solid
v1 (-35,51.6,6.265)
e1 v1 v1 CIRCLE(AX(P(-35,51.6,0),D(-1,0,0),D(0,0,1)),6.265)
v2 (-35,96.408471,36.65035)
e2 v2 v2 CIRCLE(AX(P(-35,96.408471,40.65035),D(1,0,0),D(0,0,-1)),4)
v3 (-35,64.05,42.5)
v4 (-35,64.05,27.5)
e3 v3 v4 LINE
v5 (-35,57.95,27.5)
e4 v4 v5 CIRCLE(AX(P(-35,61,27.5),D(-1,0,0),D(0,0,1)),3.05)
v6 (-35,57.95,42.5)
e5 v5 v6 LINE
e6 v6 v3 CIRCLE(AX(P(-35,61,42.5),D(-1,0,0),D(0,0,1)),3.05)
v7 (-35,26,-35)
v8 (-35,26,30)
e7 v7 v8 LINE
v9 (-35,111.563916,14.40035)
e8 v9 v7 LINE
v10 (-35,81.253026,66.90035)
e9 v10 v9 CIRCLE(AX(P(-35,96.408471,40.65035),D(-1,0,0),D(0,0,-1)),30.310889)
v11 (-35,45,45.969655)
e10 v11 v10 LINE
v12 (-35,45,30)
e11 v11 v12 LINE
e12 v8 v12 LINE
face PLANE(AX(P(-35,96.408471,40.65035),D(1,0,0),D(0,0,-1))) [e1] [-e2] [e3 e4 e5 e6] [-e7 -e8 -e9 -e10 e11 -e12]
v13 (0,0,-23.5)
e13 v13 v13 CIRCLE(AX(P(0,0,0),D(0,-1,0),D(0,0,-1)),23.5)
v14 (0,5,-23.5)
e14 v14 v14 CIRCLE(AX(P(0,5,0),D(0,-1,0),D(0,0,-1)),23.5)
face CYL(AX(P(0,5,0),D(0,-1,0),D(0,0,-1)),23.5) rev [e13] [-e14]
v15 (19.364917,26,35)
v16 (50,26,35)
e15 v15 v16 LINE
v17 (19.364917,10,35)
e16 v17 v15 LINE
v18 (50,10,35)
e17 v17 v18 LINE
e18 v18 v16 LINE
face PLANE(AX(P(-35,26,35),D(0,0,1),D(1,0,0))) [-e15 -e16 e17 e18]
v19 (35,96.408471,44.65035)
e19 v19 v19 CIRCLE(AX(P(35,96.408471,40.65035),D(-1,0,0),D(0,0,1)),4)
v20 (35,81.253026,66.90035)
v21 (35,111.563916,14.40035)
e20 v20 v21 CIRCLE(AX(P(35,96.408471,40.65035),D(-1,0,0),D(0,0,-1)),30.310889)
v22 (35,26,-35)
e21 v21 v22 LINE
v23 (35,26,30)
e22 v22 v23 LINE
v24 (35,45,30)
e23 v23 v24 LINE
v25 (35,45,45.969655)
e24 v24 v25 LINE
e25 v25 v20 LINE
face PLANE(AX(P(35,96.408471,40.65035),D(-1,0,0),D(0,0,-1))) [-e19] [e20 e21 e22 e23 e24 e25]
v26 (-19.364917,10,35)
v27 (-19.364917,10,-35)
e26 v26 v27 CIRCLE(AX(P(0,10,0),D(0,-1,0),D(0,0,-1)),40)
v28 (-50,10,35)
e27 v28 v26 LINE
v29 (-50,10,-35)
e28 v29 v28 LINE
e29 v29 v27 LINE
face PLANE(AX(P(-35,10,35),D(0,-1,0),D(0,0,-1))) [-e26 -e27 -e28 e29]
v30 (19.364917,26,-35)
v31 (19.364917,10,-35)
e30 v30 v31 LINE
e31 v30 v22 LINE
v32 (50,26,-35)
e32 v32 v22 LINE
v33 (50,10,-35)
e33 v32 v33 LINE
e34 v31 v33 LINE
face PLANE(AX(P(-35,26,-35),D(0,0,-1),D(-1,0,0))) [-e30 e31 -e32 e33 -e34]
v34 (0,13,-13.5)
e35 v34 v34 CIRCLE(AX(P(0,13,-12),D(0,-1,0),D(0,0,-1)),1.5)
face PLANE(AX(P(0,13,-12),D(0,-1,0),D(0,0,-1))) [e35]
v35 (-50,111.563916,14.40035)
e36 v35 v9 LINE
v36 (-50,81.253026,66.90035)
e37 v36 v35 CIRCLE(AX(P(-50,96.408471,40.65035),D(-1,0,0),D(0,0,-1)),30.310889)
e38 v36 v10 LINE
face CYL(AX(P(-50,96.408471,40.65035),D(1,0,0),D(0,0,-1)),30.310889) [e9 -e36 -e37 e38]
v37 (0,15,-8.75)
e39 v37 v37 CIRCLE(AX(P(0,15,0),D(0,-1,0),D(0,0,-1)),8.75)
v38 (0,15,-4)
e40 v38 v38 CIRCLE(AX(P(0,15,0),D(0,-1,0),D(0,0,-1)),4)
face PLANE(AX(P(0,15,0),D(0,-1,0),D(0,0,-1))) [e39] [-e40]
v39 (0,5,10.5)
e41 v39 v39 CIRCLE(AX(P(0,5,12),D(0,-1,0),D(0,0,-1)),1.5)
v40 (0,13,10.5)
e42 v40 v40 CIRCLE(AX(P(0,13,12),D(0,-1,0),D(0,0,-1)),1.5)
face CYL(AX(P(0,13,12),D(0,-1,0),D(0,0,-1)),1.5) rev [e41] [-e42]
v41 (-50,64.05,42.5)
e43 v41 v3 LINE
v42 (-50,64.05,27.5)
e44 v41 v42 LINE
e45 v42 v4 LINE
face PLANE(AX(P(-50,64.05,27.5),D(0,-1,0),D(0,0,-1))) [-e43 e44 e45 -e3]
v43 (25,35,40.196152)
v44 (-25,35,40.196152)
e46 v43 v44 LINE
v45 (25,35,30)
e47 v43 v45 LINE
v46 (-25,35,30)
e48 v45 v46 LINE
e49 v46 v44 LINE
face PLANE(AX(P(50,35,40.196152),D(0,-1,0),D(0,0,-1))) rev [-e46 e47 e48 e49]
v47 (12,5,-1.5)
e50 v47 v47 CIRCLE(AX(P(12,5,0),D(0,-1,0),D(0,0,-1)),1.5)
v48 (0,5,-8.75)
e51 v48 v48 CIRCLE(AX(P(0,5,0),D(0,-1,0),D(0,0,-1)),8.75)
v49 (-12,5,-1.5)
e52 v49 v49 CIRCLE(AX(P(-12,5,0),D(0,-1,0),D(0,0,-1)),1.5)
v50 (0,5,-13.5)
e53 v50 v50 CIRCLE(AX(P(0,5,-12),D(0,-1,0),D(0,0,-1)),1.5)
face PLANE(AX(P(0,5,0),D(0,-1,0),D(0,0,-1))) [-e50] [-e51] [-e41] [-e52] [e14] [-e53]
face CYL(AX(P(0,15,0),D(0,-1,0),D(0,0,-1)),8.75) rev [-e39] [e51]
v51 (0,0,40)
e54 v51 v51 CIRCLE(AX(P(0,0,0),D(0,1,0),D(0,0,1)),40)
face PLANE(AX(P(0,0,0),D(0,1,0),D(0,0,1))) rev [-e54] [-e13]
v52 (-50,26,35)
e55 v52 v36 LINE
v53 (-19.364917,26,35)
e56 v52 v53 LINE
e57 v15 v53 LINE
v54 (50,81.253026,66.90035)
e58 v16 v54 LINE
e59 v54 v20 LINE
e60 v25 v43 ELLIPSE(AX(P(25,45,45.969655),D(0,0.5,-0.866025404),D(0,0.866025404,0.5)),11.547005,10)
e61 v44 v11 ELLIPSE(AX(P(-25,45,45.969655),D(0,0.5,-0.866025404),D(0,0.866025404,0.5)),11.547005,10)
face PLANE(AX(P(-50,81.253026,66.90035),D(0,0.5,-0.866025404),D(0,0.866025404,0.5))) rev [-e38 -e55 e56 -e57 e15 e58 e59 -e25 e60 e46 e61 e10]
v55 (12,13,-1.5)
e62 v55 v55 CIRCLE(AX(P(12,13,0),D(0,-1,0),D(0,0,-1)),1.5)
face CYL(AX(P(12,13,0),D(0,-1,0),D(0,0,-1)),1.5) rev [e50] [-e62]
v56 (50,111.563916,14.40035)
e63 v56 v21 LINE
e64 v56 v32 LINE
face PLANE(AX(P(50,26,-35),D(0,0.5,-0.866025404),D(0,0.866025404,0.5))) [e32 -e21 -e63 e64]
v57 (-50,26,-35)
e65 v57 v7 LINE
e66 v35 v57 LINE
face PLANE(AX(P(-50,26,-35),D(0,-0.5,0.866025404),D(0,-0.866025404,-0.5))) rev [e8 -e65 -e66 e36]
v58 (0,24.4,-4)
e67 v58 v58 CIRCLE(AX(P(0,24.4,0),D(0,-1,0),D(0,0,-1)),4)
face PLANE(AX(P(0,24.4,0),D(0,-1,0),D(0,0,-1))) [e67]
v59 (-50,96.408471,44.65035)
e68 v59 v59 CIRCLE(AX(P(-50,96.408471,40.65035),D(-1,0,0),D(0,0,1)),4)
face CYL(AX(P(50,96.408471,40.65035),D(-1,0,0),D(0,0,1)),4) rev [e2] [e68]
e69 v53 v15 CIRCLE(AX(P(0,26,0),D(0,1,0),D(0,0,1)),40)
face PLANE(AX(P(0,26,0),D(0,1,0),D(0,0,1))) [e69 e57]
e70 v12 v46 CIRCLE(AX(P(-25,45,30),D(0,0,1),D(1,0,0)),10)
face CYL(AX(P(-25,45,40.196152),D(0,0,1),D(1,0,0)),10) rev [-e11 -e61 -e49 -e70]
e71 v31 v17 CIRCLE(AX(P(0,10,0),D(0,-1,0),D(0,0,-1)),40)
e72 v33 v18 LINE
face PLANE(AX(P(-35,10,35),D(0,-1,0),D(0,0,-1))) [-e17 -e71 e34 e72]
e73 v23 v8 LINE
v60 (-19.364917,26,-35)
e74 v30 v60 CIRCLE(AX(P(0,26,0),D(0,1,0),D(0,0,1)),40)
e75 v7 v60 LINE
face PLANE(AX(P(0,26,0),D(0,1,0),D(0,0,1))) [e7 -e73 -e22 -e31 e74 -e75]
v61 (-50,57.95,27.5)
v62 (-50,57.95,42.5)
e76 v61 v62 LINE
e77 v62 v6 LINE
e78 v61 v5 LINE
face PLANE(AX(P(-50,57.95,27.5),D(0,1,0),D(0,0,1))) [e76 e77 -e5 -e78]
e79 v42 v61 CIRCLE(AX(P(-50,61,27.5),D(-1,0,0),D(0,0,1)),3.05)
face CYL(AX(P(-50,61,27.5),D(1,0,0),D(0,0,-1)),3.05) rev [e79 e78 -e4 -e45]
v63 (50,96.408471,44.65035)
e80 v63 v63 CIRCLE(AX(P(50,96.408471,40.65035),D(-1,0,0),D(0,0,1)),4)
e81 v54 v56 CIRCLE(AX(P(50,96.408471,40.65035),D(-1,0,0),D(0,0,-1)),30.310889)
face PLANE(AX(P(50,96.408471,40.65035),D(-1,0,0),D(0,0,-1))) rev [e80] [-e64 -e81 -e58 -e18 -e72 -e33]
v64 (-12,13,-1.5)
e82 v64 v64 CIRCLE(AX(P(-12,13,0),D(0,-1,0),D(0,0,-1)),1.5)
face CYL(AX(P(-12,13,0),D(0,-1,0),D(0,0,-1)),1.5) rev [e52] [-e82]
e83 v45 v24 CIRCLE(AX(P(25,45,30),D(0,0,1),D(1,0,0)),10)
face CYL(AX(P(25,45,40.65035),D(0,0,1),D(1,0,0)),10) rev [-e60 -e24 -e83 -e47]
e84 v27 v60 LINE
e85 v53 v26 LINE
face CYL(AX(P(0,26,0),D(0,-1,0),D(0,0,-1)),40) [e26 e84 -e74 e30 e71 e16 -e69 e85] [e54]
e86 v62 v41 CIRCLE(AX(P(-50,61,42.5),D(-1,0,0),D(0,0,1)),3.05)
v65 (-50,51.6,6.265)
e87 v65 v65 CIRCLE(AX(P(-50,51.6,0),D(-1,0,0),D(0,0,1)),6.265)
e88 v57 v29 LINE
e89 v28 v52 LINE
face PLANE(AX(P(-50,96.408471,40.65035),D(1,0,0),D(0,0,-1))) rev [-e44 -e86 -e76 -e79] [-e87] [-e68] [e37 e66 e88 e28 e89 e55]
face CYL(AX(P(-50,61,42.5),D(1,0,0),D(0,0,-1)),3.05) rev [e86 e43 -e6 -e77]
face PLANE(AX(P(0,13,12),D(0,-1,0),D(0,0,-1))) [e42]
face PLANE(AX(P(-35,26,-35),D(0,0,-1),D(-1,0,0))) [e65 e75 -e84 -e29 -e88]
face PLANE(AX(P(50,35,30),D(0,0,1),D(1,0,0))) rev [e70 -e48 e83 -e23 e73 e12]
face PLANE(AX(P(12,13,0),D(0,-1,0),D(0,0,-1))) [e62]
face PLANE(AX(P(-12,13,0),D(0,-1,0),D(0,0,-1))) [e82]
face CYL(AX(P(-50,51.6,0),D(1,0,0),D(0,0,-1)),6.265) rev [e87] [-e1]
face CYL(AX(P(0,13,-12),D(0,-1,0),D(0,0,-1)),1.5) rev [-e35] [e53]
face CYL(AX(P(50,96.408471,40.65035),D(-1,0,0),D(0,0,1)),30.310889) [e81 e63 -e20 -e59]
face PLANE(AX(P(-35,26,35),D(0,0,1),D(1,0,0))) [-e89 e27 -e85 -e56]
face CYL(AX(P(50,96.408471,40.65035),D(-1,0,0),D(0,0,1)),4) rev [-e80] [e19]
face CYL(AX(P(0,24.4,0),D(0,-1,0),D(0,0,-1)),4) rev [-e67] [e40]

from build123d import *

# Parameters (mm, degrees)
SKETCH1_R                = 40
BOSS_EXTRUDE2_DEPTH      = 26
SKETCH3_R                = 23.5
CUT_EXTRUDE1_DEPTH       = 5
BOSS_EXTRUDE4_DEPTH      = 35
BOSS_EXTRUDE4_DEPTH_BACK = 35
SKETCH7_W                = 70
SKETCH7_H                = 16
SKETCH5_R                = 8.75
CUT_EXTRUDE9_DEPTH       = 10
SKETCH10_R               = 4
CUT_EXTRUDE10_DEPTH      = 9.4
SKETCH16_R               = 6.265
BOSS_EXTRUDE5_DEPTH      = 15
SKETCH18_R               = 4
CUT_EXTRUDE12_DEPTH      = 177.33290572
BOSS_EXTRUDE9_REACH      = 170.28
FILLET4_R                = 10
FILLET5_R                = 10
SKETCH4_R                = 1.5
CUT_EXTRUDE15_DEPTH      = 8
SKETCH25_R               = 6.265
BOSS_EXTRUDE10_DEPTH     = 15
BOSS_EXTRUDE11_DEPTH     = 15


with BuildPart() as part:
    # Sketch1 → Boss-Extrude2 (new body)
    with BuildSketch(Plane(origin=(0, 0, 0), x_dir=(1, 0, 0), z_dir=(0, 1, 0))):
        Circle(SKETCH1_R)
    extrude(amount=BOSS_EXTRUDE2_DEPTH)

    # Sketch3 → Cut-Extrude1 (cut)
    with BuildSketch(Plane.XZ):
        Circle(SKETCH3_R)
    extrude(amount=-CUT_EXTRUDE1_DEPTH, mode=Mode.SUBTRACT)

    # Sketch7 → Boss-Extrude4 (add, two sides: drawn at the far end of the back side and taken through both)
    with BuildSketch(Plane(origin=(0, 0, 0), x_dir=(0, 0, -1), z_dir=(1, 0, 0)).offset(-BOSS_EXTRUDE4_DEPTH_BACK)):
        with Locations((0, 18)):
            Rectangle(SKETCH7_W, SKETCH7_H)
    extrude(amount=BOSS_EXTRUDE4_DEPTH + BOSS_EXTRUDE4_DEPTH_BACK)

    # Sketch5 → Cut-Extrude9 (cut)
    with BuildSketch(Plane.XZ.offset(-5)):
        Circle(SKETCH5_R)
    extrude(amount=-CUT_EXTRUDE9_DEPTH, mode=Mode.SUBTRACT)

    # Sketch10 → Cut-Extrude10 (cut)
    with BuildSketch(Plane.XZ.offset(-15)):
        Circle(SKETCH10_R)
    extrude(amount=-CUT_EXTRUDE10_DEPTH, mode=Mode.SUBTRACT)

    # Sketch16 → Boss-Extrude5 (add)
    with BuildSketch(Plane.ZY.offset(35)):
        with BuildLine():
            Line((-35, 10), (-35, 26))
            Line((-35, 26), (14.400349673, 111.563915545))
            ThreePointArc((14.400349673, 111.563915545), (55.805794239, 122.658470979), (66.900349673, 81.253026413))
            Line((66.900349673, 81.253026413), (35, 26))
            Line((35, 26), (35, 10))
            Line((35, 10), (-35, 10))
        make_face()
        with Locations((0, 51.6)):
            Circle(SKETCH16_R, mode=Mode.SUBTRACT)
        with BuildLine():
            Line((27.5, 64.05), (42.5, 64.05))
            ThreePointArc((42.5, 64.05), (45.55, 61), (42.5, 57.95))
            Line((42.5, 57.95), (27.5, 57.95))
            ThreePointArc((27.5, 57.95), (24.45, 61), (27.5, 64.05))
        make_face(mode=Mode.SUBTRACT)
    boss_extrude5 = extrude(amount=BOSS_EXTRUDE5_DEPTH)

    # Mirror1: Boss-Extrude5 across plane
    add(boss_extrude5.mirror(Plane(origin=(0, 0, 0), x_dir=(0, 0, 1), z_dir=(1, 0, 0))))

    # Sketch18 → Cut-Extrude12 (cut, through all)
    with BuildSketch(Plane.ZY.offset(50)):
        with Locations((40.650349673, 96.408470979)):
            Circle(SKETCH18_R)
    extrude(amount=-CUT_EXTRUDE12_DEPTH, mode=Mode.SUBTRACT)

    # Sketch24 → Boss-Extrude9 (add, up to next)
    with BuildSketch(Plane(origin=(-35, 0, 0), x_dir=(0, 0, -1), z_dir=(1, 0, 0)), mode=Mode.PRIVATE) as boss_extrude9_sk1:
        Polygon((-40.196152423, 35), (-30, 35), (-30, 26), (-35, 26), align=None)
    boss_extrude9_tool1 = extrude(boss_extrude9_sk1.sketch, amount=BOSS_EXTRUDE9_REACH, mode=Mode.PRIVATE) - part.part
    add(boss_extrude9_tool1.solids().sort_by_distance((-35, 31.012908, 33.947102))[0])

    # Fillet4
    fillet4_edges = [part.edges().sort_by_distance(p)[0] for p in [
        (-35, 35, 35.098076211),
    ]]
    fillet(fillet4_edges, radius=FILLET4_R)

    # Fillet5
    fillet5_edges = [part.edges().sort_by_distance(p)[0] for p in [
        (35, 35, 35.098076211),
    ]]
    fillet(fillet5_edges, radius=FILLET5_R)

    # Sketch4 → Cut-Extrude15 (cut)
    with BuildSketch(Plane.XZ.offset(-5)):
        with Locations((12, 0)):
            Circle(SKETCH4_R)
        with Locations((0, -12)):
            Circle(SKETCH4_R)
        with Locations((-12, 0)):
            Circle(SKETCH4_R)
        with Locations((0, 12)):
            Circle(SKETCH4_R)
    extrude(amount=-CUT_EXTRUDE15_DEPTH, mode=Mode.SUBTRACT)

    # Sketch25 → Boss-Extrude10 (add)
    with BuildSketch(Plane.ZY.offset(-35)):
        with Locations((0, 51.6)):
            Circle(SKETCH25_R)
    extrude(amount=-BOSS_EXTRUDE10_DEPTH)

    # Sketch26 → Boss-Extrude11 (add)
    with BuildSketch(Plane.ZY.offset(-35)):
        with BuildLine():
            Line((27.5, 64.05), (42.5, 64.05))
            ThreePointArc((42.5, 64.05), (45.55, 61), (42.5, 57.95))
            Line((42.5, 57.95), (27.5, 57.95))
            ThreePointArc((27.5, 57.95), (24.45, 61), (27.5, 64.05))
        make_face()
    extrude(amount=-BOSS_EXTRUDE11_DEPTH)


solid = part.part
